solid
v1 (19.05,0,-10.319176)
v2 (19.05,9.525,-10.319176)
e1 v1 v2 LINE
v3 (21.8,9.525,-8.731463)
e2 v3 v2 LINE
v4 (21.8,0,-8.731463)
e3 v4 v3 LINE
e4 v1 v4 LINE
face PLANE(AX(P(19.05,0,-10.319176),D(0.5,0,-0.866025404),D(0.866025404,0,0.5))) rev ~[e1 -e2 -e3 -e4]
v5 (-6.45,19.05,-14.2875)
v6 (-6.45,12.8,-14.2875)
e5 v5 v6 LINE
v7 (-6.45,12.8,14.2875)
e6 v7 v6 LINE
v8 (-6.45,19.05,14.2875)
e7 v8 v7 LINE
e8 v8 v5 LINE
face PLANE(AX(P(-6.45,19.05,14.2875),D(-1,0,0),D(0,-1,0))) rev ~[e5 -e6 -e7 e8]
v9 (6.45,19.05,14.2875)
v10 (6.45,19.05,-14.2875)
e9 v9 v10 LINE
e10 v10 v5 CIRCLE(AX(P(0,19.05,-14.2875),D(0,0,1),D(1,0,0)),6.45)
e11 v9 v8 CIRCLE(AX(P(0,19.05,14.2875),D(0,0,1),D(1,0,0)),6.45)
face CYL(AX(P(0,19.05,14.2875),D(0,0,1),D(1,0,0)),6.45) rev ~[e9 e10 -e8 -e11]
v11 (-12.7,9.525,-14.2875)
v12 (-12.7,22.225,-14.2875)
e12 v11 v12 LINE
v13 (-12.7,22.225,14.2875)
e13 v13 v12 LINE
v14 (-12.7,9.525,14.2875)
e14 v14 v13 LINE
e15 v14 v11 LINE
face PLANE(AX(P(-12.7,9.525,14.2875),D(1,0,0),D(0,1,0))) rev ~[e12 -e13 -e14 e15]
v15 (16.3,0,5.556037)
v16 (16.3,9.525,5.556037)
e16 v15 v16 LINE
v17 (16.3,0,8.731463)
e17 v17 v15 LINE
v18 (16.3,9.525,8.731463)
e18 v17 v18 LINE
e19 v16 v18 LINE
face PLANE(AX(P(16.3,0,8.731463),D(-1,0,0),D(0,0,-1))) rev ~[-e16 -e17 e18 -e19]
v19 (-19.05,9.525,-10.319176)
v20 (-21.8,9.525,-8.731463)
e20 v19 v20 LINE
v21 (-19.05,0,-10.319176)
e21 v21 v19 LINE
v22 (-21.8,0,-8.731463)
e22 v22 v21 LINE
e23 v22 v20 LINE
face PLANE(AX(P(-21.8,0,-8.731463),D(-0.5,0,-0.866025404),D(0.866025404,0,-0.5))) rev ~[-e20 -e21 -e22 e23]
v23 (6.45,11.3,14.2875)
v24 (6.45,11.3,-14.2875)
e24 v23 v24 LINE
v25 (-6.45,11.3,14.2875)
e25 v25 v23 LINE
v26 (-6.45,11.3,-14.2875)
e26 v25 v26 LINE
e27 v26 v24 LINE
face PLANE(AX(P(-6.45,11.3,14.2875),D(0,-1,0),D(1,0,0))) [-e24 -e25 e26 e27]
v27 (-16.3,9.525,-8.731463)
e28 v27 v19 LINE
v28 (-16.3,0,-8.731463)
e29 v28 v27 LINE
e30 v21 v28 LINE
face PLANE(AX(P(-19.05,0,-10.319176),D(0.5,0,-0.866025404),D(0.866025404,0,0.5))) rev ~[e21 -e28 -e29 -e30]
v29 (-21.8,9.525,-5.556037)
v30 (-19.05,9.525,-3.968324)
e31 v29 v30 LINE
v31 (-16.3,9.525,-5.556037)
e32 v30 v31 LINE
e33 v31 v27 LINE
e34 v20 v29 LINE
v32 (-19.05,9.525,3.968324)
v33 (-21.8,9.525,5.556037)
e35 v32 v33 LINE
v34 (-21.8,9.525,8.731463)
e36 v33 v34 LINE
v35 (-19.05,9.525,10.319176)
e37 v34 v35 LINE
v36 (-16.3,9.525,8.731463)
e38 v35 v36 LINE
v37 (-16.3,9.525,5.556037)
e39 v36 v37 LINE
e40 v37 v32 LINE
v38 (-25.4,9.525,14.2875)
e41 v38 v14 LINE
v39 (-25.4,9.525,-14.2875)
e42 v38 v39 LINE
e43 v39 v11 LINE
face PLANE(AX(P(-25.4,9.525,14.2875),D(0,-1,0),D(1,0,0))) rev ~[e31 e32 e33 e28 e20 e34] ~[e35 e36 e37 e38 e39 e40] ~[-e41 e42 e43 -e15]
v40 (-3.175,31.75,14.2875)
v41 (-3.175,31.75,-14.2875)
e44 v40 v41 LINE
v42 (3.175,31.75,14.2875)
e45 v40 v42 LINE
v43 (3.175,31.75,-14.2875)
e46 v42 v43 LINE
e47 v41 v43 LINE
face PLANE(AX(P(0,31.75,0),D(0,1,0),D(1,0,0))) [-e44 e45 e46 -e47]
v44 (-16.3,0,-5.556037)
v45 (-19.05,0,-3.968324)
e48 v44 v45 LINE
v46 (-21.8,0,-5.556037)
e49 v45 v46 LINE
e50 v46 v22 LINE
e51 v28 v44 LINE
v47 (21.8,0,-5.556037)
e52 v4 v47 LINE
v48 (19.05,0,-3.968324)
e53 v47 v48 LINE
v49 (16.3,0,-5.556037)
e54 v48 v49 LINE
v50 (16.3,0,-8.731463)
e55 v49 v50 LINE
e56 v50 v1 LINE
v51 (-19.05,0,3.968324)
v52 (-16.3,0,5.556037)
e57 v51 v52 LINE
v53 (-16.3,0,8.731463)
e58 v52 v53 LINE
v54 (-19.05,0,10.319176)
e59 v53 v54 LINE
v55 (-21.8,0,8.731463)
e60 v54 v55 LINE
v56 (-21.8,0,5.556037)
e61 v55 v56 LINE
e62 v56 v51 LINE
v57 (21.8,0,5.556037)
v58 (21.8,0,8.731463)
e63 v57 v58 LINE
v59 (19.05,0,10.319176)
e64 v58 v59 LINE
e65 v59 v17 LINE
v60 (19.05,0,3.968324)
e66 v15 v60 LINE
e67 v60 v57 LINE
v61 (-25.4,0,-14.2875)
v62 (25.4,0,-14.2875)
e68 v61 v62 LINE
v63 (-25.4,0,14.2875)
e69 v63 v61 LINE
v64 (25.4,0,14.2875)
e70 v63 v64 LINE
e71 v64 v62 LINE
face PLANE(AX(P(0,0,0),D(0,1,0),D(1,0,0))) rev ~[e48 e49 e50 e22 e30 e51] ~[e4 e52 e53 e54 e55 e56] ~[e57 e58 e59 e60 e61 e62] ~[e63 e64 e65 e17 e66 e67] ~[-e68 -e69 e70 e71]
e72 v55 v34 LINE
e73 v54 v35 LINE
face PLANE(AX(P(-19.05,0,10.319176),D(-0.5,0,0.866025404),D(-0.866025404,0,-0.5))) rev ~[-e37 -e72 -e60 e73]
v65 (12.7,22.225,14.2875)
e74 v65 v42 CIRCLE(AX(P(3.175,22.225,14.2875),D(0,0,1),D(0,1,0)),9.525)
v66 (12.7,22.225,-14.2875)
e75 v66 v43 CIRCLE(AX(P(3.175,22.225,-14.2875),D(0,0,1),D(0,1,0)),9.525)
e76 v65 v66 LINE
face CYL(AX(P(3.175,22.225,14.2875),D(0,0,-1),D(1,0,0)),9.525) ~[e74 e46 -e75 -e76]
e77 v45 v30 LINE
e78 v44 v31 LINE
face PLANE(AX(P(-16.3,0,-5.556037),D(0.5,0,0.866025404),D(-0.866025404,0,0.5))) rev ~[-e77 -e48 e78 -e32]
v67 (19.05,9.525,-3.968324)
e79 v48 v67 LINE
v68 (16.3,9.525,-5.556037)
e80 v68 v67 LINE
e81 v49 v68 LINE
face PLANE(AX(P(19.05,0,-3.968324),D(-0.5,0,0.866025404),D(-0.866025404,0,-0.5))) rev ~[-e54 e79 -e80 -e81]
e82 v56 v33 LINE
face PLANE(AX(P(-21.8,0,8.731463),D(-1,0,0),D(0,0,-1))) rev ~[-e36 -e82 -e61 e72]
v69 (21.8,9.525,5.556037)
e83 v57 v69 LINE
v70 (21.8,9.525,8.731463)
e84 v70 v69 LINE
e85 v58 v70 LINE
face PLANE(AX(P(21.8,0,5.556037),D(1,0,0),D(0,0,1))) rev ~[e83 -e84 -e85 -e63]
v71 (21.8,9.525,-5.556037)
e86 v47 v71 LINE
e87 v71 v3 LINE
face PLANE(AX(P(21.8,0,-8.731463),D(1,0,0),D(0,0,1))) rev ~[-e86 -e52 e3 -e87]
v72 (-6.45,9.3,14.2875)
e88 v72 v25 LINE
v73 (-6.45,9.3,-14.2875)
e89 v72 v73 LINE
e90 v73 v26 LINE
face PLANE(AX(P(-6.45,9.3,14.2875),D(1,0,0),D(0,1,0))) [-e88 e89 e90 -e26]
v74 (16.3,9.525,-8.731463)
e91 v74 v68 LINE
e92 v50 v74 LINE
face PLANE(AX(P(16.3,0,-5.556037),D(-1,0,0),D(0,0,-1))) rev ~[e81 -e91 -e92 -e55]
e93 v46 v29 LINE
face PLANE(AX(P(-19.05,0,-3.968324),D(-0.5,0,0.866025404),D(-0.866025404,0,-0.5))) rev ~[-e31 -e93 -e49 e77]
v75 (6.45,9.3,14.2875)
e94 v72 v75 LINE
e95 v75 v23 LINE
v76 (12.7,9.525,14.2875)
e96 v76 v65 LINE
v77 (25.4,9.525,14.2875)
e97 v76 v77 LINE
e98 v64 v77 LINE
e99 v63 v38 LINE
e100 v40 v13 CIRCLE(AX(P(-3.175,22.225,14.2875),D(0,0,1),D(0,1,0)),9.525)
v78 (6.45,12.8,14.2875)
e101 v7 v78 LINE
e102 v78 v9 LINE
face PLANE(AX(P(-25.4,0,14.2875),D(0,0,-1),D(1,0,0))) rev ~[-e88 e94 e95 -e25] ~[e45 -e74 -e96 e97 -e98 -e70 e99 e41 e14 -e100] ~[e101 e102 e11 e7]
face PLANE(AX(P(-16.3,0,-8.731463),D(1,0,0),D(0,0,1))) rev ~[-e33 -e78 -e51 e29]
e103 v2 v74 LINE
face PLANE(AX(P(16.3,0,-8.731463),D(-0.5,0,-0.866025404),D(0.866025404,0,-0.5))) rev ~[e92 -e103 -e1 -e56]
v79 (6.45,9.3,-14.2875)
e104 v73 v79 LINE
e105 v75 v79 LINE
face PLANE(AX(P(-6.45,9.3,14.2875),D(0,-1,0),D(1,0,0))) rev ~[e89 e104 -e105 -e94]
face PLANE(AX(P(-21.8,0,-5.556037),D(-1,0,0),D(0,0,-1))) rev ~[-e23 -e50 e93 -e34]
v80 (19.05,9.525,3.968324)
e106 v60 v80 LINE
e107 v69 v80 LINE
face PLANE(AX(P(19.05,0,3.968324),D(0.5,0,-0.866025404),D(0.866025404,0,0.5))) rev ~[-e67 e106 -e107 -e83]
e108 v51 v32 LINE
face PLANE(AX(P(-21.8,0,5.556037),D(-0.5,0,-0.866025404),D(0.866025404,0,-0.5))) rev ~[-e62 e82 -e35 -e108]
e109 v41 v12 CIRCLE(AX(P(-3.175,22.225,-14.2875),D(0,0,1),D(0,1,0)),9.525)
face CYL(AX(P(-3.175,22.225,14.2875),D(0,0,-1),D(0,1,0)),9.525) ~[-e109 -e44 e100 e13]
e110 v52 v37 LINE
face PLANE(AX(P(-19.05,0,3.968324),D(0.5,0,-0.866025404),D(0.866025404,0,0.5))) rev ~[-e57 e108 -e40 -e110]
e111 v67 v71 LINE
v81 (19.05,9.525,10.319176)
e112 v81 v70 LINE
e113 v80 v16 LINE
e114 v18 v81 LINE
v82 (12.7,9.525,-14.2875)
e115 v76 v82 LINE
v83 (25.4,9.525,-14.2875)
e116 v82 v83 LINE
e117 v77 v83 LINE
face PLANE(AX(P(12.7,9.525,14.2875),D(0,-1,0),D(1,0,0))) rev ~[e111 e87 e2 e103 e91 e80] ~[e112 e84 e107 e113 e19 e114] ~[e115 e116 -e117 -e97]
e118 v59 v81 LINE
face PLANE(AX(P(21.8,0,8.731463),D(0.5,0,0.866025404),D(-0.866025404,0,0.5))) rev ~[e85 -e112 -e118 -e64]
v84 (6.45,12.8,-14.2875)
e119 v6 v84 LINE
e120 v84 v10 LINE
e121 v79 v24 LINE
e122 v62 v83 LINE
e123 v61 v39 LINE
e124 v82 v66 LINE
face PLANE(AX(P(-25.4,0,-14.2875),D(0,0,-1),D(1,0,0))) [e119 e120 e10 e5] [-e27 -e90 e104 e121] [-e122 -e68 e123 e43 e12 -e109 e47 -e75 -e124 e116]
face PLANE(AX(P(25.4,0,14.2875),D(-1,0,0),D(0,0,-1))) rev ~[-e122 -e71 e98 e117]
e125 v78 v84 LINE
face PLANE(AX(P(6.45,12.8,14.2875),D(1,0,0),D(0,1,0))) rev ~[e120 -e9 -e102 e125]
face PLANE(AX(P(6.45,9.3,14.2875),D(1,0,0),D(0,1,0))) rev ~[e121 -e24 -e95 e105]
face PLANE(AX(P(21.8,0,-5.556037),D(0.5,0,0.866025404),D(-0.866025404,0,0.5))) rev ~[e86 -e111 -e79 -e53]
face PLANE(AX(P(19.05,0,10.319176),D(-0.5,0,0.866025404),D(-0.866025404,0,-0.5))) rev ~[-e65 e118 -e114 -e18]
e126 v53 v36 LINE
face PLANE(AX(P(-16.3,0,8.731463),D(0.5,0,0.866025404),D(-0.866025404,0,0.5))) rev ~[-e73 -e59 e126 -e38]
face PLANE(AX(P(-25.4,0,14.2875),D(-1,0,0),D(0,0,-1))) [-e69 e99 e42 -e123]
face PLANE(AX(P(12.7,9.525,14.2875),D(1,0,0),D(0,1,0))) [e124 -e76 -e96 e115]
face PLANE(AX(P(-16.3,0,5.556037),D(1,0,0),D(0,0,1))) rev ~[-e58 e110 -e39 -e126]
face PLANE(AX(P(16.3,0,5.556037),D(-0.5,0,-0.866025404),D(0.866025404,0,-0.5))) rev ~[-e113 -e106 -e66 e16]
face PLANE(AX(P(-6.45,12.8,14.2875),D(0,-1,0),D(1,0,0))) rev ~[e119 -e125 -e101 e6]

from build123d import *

# Parameters (mm, degrees)
SKETCH1_W           = 50.8
SKETCH1_H           = 28.575
BOSS_EXTRUDE1_DEPTH = 31.75
SKETCH2_W           = 12.7
SKETCH2_H           = 22.225
SKETCH2_W_2         = 12.9
SKETCH2_H_2         = 2
CUT_EXTRUDE1_DEPTH  = 28.575
FILLET2_R           = 9.525
CUT_EXTRUDE2_REACH  = 45.097


with BuildPart() as part:
    # Sketch1 → Boss-Extrude1 (new body)
    with BuildSketch(Plane(origin=(0, 0, 0), x_dir=(1, 0, 0), z_dir=(0, 1, 0))):
        Rectangle(SKETCH1_W, SKETCH1_H)
    extrude(amount=BOSS_EXTRUDE1_DEPTH)

    # Sketch2 → Cut-Extrude1 (cut)
    with BuildSketch(Plane.XY.offset(14.2875)):
        with Locations((-19.05, 20.6375)):
            Rectangle(SKETCH2_W, SKETCH2_H)
        with BuildLine():
            Line((6.45, 12.8), (6.45, 19.05))
            ThreePointArc((6.45, 19.05), (0, 25.5), (-6.45, 19.05))
            Line((-6.45, 19.05), (-6.45, 12.8))
            Line((-6.45, 12.8), (6.45, 12.8))
        make_face()
        with Locations((0, 10.3)):
            Rectangle(SKETCH2_W_2, SKETCH2_H_2)
        with Locations((19.05, 20.6375)):
            Rectangle(SKETCH2_W, SKETCH2_H)
    extrude(amount=-CUT_EXTRUDE1_DEPTH, mode=Mode.SUBTRACT)

    # Fillet2
    fillet2_edges = [part.edges().sort_by_distance(p)[0] for p in [
        (-12.7, 31.75, 0),
        (12.7, 31.75, 0),
    ]]
    fillet(fillet2_edges, radius=FILLET2_R)

    # Sketch9 → Cut-Extrude2 (cut, up to next)
    with BuildSketch(Plane.XZ, mode=Mode.PRIVATE) as cut_extrude2_sk1:
        Polygon((16.3, -5.55603676), (16.3, -8.73146324), (19.05, -10.319176481), (21.8, -8.73146324), (21.8, -5.55603676), (19.05, -3.968323519), align=None)
    cut_extrude2_tool1 = extrude(cut_extrude2_sk1.sketch, amount=-CUT_EXTRUDE2_REACH, mode=Mode.PRIVATE) & part.part
    # Sketch9 → Cut-Extrude2 (cut, up to next)
    with BuildSketch(Plane.XZ, mode=Mode.PRIVATE) as cut_extrude2_sk2:
        Polygon((16.3, 5.55603676), (19.05, 3.968323519), (21.8, 5.55603676), (21.8, 8.73146324), (19.05, 10.319176481), (16.3, 8.73146324), align=None)
    cut_extrude2_tool2 = extrude(cut_extrude2_sk2.sketch, amount=-CUT_EXTRUDE2_REACH, mode=Mode.PRIVATE) & part.part
    # Sketch9 → Cut-Extrude2 (cut, up to next)
    with BuildSketch(Plane.XZ, mode=Mode.PRIVATE) as cut_extrude2_sk3:
        Polygon((-16.3, -8.73146324), (-16.3, -5.55603676), (-19.05, -3.968323519), (-21.8, -5.55603676), (-21.8, -8.73146324), (-19.05, -10.319176481), align=None)
    cut_extrude2_tool3 = extrude(cut_extrude2_sk3.sketch, amount=-CUT_EXTRUDE2_REACH, mode=Mode.PRIVATE) & part.part
    # Sketch9 → Cut-Extrude2 (cut, up to next)
    with BuildSketch(Plane.XZ, mode=Mode.PRIVATE) as cut_extrude2_sk4:
        Polygon((-16.3, 5.55603676), (-16.3, 8.73146324), (-19.05, 10.319176481), (-21.8, 8.73146324), (-21.8, 5.55603676), (-19.05, 3.968323519), align=None)
    cut_extrude2_tool4 = extrude(cut_extrude2_sk4.sketch, amount=-CUT_EXTRUDE2_REACH, mode=Mode.PRIVATE) & part.part
    add(cut_extrude2_tool1.solids().sort_by_distance((19.05, 0, -7.14375))[0], mode=Mode.SUBTRACT)
    add(cut_extrude2_tool2.solids().sort_by_distance((19.05, 0, 7.14375))[0], mode=Mode.SUBTRACT)
    add(cut_extrude2_tool3.solids().sort_by_distance((-19.05, 0, -7.14375))[0], mode=Mode.SUBTRACT)
    add(cut_extrude2_tool4.solids().sort_by_distance((-19.05, 0, 7.14375))[0], mode=Mode.SUBTRACT)


solid = part.part
